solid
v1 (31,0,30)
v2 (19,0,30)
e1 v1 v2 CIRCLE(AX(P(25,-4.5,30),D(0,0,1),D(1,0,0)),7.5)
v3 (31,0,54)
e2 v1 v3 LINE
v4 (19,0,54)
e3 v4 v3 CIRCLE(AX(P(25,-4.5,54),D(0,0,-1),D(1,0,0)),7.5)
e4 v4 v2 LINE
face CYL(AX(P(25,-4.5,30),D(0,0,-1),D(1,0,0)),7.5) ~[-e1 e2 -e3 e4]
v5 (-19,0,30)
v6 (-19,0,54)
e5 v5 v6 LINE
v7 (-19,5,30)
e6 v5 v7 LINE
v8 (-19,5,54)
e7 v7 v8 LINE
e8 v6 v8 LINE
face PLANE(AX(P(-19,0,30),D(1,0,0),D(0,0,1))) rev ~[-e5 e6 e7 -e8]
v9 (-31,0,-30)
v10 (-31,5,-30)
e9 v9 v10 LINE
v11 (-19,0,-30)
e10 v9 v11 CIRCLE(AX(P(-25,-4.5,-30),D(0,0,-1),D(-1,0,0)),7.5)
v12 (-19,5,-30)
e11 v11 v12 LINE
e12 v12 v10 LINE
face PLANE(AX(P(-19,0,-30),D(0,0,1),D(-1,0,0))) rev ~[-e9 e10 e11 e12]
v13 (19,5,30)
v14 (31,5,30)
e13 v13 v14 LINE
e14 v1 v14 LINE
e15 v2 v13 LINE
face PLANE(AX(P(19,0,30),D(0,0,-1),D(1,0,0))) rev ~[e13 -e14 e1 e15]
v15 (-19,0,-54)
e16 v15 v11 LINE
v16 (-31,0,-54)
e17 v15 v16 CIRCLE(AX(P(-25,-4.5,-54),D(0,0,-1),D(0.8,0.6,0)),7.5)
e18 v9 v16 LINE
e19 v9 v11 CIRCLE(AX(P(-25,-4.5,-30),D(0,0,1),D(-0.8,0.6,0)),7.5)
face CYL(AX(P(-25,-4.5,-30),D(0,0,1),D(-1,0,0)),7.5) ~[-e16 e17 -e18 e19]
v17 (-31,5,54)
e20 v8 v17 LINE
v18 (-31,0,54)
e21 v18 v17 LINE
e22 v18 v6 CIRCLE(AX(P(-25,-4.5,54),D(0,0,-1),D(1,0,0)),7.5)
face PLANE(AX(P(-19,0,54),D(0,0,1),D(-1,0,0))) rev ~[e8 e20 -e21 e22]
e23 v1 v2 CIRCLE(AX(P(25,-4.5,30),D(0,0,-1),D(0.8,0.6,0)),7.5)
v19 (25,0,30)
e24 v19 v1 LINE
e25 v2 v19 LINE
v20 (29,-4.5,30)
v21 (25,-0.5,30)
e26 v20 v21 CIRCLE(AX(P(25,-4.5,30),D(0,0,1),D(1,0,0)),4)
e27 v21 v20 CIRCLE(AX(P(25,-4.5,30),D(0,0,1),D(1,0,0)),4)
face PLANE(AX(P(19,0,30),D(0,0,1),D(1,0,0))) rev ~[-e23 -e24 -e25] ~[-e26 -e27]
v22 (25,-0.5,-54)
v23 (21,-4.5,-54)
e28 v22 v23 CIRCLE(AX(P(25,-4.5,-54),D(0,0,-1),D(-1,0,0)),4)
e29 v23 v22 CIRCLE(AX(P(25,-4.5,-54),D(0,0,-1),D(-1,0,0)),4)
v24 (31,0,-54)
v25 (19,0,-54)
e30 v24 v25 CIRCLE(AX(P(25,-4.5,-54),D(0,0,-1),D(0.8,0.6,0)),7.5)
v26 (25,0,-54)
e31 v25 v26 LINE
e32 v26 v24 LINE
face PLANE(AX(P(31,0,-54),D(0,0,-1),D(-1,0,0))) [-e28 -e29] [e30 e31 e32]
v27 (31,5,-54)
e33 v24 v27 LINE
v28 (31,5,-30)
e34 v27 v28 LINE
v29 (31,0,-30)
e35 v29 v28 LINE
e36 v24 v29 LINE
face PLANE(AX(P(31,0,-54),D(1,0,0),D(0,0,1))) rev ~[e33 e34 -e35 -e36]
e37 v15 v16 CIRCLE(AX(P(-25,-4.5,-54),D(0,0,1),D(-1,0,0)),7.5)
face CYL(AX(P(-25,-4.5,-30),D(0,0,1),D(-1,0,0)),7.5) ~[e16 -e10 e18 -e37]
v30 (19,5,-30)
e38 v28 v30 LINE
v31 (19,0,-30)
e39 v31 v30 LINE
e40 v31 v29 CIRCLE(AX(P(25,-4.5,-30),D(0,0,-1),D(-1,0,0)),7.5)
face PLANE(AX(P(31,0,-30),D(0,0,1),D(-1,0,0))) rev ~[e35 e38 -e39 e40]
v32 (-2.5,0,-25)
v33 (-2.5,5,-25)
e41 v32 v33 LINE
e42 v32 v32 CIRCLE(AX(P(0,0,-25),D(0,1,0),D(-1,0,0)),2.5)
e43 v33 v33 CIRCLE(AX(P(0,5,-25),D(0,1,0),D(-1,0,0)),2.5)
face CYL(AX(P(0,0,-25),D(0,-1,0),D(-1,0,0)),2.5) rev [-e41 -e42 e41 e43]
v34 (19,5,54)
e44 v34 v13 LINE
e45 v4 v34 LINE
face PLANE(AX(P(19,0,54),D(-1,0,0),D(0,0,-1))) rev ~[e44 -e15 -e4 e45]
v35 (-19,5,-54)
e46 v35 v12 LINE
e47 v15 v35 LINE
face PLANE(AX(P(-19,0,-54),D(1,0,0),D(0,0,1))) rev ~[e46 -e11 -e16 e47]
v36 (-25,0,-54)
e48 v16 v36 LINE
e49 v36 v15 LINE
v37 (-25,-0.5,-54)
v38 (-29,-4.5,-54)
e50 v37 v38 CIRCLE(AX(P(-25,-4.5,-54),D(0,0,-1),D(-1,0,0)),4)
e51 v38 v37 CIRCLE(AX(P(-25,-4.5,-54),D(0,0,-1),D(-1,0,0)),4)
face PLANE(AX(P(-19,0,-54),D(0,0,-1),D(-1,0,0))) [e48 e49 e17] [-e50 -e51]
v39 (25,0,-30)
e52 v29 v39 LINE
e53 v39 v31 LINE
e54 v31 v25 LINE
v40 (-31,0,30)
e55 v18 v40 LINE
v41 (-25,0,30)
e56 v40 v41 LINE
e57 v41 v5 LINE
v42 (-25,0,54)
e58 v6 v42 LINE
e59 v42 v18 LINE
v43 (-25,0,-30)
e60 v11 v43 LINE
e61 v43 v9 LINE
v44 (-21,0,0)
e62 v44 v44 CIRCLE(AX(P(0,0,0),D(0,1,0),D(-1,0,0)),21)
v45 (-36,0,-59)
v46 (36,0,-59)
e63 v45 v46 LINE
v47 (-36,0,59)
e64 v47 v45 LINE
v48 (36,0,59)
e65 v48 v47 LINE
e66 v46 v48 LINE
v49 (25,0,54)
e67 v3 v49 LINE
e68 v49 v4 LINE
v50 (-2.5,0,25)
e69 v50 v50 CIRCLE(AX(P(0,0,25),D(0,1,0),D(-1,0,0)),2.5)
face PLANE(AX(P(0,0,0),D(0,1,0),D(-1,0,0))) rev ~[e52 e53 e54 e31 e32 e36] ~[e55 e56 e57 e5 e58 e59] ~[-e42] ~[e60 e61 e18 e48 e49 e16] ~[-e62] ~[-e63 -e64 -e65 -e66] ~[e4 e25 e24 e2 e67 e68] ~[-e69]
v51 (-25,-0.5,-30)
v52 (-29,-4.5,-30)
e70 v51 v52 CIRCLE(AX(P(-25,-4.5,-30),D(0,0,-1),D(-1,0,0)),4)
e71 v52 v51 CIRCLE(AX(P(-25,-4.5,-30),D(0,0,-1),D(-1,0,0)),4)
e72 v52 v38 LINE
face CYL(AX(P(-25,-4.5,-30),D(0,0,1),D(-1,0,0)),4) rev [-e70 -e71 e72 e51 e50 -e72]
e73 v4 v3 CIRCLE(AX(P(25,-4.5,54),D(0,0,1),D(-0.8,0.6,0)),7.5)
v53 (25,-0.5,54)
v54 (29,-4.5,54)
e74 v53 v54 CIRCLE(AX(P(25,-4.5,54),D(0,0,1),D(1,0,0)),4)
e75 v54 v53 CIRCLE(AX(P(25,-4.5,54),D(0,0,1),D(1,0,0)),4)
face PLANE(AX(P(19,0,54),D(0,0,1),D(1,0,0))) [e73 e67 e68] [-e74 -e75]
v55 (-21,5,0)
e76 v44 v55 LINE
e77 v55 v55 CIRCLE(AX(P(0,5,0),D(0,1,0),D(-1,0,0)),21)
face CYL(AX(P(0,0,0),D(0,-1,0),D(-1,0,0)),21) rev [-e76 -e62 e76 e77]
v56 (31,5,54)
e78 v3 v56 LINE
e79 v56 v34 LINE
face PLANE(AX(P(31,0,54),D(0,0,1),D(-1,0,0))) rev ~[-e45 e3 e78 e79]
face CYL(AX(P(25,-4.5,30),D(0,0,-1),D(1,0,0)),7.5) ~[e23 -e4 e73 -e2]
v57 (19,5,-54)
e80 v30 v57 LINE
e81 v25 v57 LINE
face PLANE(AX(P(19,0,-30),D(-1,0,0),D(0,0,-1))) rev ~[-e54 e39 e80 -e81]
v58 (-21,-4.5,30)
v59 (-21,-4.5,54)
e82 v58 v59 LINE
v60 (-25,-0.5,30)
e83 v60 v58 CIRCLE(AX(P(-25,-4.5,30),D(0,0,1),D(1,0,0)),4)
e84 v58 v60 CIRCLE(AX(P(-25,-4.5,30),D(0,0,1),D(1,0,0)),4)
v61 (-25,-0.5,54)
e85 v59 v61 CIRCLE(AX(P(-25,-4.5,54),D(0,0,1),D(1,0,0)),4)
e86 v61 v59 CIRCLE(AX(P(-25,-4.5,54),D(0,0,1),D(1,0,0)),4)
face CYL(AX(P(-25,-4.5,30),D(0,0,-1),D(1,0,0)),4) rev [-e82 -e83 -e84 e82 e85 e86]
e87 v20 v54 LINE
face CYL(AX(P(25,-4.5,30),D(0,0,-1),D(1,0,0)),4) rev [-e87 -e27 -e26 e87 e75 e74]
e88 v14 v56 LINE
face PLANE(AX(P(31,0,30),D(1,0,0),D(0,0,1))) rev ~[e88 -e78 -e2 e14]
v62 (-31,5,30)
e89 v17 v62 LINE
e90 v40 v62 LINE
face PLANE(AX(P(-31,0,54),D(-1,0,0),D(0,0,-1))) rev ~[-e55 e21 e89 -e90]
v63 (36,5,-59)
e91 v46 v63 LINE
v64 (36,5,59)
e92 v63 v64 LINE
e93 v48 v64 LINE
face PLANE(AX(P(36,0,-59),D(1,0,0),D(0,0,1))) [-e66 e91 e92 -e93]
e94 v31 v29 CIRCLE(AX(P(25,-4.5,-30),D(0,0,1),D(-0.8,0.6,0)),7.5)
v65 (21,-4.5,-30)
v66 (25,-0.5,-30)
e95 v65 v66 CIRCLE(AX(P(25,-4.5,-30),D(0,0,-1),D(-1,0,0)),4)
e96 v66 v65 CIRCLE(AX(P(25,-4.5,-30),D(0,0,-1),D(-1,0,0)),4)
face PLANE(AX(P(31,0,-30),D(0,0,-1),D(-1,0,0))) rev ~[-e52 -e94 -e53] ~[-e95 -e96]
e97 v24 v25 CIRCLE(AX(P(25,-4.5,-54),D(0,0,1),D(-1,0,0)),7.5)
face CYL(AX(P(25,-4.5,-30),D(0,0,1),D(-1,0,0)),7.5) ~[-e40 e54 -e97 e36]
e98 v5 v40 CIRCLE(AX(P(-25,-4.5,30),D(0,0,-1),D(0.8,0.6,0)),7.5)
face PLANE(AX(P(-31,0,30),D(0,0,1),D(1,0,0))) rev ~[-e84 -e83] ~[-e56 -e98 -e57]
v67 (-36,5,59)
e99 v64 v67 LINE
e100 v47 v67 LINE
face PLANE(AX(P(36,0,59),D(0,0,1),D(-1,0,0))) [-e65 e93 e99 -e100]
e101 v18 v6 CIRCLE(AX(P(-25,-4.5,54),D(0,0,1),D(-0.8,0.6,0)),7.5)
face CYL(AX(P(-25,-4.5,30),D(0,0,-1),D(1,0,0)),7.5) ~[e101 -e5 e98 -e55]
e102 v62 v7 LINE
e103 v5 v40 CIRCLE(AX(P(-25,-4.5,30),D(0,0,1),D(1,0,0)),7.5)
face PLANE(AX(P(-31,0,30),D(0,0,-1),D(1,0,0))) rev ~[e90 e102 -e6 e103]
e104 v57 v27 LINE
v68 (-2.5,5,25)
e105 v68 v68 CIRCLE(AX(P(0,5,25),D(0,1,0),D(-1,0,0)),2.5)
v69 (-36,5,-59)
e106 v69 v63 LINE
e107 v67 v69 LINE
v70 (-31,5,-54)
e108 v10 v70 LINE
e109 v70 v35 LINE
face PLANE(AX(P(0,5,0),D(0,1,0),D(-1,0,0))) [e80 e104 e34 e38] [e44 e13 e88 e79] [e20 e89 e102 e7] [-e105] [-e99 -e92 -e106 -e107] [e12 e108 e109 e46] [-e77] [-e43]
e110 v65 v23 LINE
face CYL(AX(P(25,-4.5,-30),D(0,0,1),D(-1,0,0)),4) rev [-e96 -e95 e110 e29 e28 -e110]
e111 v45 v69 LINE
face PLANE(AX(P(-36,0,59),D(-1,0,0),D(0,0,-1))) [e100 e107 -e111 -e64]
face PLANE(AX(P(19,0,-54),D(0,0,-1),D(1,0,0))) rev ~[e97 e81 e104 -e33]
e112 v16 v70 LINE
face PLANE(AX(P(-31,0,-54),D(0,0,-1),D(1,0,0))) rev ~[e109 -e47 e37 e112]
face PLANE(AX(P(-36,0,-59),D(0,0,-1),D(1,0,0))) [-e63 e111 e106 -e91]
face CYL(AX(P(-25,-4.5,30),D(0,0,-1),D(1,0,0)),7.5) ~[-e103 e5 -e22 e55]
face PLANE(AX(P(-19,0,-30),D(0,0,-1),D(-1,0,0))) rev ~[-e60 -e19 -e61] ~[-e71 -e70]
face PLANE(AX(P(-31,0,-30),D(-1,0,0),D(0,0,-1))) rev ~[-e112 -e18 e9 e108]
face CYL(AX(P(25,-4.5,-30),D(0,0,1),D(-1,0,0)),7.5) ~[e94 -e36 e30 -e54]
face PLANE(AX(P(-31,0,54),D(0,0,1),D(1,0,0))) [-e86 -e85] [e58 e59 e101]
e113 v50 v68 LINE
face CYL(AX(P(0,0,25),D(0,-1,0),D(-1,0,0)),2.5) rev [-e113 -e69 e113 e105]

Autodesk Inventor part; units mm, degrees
ref_plane "YZ Plane" through (0, 0, 0) normal (1, 0, 0) x (0, 1, 0)
ref_plane "XZ Plane" through (0, 0, 0) normal (0, 1, 0) x (-1, 0, 0)
ref_plane "XY Plane" through (0, 0, 0) normal (0, 0, 1) x (1, 0, 0)
sketch "Sketch1" plane through (0, 0, 0) normal (0, 1, 0) x (-1, 0, 0)
  circle A0 centre (0, 0) radius 21
  circle A1 centre (0, 25) radius 2.5
  circle A2 centre (0, -25) radius 2.5
  line L0 (-31, 54) -> (-19, 54)
  line L1 (-19, 54) -> (-19, 30)
  line L2 (-19, 30) -> (-31, 30)
  line L3 (-31, 30) -> (-31, 54)
  line L4 (19, 54) -> (31, 54)
  line L5 (31, 54) -> (31, 30)
  line L6 (31, 30) -> (19, 30)
  line L7 (19, 30) -> (19, 54)
  line L8 (-31, -30) -> (-19, -30)
  line L9 (-19, -30) -> (-19, -54)
  line L10 (-19, -54) -> (-31, -54)
  line L11 (-31, -54) -> (-31, -30)
  line L12 (19, -30) -> (31, -30)
  line L13 (31, -30) -> (31, -54)
  line L14 (31, -54) -> (19, -54)
  line L15 (19, -54) -> (19, -30)
  line L16 (-36, 59) -> (36, 59)
  line L17 (36, 59) -> (36, -59)
  line L18 (36, -59) -> (-36, -59)
  line L19 (-36, -59) -> (-36, 59)
  dimension "d2" = 5
  dimension "d4" = 5
  dimension "d9" = 12
  dimension "d10" = 24
  dimension "d11" = 12
  dimension "d12" = 24
  dimension "d13" = 12
  dimension "d14" = 24
  dimension "d15" = 12
  dimension "d16" = 24
extrude "Extrusion1" add sketch "Sketch1" along normal blind 5
sketch "Sketch2" plane through (-31, 0, 30) normal (0, 0, 1) x (1, 0, 0)
  line L0 (12, 0) -> (0, 0) projected
  line L1 (0, 0) -> (0, 5) projected
  line L2 (6, 0) -> (6, -4.5)
  circle A0 centre (6, -4.5) radius 7.5
  circle A1 centre (6, -4.5) radius 4
  point P0 (31, 0)
  dimension "d23" = 4.5
  dimension "d24" = 15
  dimension "d25" = 8
extrude "Extrusion2" add sketch "Sketch2" along normal blind 24
sketch "Sketch3" plane through (19, 0, 30) normal (0, 0, 1) x (1, 0, 0)
  line L0 (12, 0) -> (0, 0) projected
  line L1 (0, 0) -> (0, 5) projected
  line L2 (6, 0) -> (6, -4.5)
  circle A0 centre (6, -4.5) radius 7.5
  circle A1 centre (6, -4.5) radius 4
  point P0 (-19, 0)
  dimension "d28" = 4.5
  dimension "d29" = 15
  dimension "d30" = 8
extrude "Extrusion3" add sketch "Sketch3" along normal blind 24
sketch "Sketch4" plane through (-19, 0, -30) normal (0, 0, -1) x (-1, 0, 0)
  line L0 (12, 0) -> (0, 0) projected
  line L1 (0, 0) -> (0, 5) projected
  line L2 (6, 0) -> (6, -4.5)
  circle A0 centre (6, -4.5) radius 4
  circle A1 centre (6, -4.5) radius 7.5
  point P0 (-19, 0)
  dimension "d33" = 4.5
  dimension "d34" = 8
  dimension "d35" = 15
extrude "Extrusion4" add sketch "Sketch4" along normal blind 24
sketch "Sketch5" plane through (31, 0, -30) normal (0, 0, -1) x (-1, 0, 0)
  line L0 (12, 0) -> (0, 0) projected
  line L1 (0, 0) -> (0, 5) projected
  line L2 (6, 0) -> (6, -4.5)
  circle A0 centre (6, -4.5) radius 4
  circle A1 centre (6, -4.5) radius 7.5
  point P0 (31, 0)
  dimension "d38" = 4.5
  dimension "d39" = 8
  dimension "d40" = 15
extrude "Extrusion5" add sketch "Sketch5" along normal blind 24
properties part number "X_Carriage_WithBearings" material "Ash"
